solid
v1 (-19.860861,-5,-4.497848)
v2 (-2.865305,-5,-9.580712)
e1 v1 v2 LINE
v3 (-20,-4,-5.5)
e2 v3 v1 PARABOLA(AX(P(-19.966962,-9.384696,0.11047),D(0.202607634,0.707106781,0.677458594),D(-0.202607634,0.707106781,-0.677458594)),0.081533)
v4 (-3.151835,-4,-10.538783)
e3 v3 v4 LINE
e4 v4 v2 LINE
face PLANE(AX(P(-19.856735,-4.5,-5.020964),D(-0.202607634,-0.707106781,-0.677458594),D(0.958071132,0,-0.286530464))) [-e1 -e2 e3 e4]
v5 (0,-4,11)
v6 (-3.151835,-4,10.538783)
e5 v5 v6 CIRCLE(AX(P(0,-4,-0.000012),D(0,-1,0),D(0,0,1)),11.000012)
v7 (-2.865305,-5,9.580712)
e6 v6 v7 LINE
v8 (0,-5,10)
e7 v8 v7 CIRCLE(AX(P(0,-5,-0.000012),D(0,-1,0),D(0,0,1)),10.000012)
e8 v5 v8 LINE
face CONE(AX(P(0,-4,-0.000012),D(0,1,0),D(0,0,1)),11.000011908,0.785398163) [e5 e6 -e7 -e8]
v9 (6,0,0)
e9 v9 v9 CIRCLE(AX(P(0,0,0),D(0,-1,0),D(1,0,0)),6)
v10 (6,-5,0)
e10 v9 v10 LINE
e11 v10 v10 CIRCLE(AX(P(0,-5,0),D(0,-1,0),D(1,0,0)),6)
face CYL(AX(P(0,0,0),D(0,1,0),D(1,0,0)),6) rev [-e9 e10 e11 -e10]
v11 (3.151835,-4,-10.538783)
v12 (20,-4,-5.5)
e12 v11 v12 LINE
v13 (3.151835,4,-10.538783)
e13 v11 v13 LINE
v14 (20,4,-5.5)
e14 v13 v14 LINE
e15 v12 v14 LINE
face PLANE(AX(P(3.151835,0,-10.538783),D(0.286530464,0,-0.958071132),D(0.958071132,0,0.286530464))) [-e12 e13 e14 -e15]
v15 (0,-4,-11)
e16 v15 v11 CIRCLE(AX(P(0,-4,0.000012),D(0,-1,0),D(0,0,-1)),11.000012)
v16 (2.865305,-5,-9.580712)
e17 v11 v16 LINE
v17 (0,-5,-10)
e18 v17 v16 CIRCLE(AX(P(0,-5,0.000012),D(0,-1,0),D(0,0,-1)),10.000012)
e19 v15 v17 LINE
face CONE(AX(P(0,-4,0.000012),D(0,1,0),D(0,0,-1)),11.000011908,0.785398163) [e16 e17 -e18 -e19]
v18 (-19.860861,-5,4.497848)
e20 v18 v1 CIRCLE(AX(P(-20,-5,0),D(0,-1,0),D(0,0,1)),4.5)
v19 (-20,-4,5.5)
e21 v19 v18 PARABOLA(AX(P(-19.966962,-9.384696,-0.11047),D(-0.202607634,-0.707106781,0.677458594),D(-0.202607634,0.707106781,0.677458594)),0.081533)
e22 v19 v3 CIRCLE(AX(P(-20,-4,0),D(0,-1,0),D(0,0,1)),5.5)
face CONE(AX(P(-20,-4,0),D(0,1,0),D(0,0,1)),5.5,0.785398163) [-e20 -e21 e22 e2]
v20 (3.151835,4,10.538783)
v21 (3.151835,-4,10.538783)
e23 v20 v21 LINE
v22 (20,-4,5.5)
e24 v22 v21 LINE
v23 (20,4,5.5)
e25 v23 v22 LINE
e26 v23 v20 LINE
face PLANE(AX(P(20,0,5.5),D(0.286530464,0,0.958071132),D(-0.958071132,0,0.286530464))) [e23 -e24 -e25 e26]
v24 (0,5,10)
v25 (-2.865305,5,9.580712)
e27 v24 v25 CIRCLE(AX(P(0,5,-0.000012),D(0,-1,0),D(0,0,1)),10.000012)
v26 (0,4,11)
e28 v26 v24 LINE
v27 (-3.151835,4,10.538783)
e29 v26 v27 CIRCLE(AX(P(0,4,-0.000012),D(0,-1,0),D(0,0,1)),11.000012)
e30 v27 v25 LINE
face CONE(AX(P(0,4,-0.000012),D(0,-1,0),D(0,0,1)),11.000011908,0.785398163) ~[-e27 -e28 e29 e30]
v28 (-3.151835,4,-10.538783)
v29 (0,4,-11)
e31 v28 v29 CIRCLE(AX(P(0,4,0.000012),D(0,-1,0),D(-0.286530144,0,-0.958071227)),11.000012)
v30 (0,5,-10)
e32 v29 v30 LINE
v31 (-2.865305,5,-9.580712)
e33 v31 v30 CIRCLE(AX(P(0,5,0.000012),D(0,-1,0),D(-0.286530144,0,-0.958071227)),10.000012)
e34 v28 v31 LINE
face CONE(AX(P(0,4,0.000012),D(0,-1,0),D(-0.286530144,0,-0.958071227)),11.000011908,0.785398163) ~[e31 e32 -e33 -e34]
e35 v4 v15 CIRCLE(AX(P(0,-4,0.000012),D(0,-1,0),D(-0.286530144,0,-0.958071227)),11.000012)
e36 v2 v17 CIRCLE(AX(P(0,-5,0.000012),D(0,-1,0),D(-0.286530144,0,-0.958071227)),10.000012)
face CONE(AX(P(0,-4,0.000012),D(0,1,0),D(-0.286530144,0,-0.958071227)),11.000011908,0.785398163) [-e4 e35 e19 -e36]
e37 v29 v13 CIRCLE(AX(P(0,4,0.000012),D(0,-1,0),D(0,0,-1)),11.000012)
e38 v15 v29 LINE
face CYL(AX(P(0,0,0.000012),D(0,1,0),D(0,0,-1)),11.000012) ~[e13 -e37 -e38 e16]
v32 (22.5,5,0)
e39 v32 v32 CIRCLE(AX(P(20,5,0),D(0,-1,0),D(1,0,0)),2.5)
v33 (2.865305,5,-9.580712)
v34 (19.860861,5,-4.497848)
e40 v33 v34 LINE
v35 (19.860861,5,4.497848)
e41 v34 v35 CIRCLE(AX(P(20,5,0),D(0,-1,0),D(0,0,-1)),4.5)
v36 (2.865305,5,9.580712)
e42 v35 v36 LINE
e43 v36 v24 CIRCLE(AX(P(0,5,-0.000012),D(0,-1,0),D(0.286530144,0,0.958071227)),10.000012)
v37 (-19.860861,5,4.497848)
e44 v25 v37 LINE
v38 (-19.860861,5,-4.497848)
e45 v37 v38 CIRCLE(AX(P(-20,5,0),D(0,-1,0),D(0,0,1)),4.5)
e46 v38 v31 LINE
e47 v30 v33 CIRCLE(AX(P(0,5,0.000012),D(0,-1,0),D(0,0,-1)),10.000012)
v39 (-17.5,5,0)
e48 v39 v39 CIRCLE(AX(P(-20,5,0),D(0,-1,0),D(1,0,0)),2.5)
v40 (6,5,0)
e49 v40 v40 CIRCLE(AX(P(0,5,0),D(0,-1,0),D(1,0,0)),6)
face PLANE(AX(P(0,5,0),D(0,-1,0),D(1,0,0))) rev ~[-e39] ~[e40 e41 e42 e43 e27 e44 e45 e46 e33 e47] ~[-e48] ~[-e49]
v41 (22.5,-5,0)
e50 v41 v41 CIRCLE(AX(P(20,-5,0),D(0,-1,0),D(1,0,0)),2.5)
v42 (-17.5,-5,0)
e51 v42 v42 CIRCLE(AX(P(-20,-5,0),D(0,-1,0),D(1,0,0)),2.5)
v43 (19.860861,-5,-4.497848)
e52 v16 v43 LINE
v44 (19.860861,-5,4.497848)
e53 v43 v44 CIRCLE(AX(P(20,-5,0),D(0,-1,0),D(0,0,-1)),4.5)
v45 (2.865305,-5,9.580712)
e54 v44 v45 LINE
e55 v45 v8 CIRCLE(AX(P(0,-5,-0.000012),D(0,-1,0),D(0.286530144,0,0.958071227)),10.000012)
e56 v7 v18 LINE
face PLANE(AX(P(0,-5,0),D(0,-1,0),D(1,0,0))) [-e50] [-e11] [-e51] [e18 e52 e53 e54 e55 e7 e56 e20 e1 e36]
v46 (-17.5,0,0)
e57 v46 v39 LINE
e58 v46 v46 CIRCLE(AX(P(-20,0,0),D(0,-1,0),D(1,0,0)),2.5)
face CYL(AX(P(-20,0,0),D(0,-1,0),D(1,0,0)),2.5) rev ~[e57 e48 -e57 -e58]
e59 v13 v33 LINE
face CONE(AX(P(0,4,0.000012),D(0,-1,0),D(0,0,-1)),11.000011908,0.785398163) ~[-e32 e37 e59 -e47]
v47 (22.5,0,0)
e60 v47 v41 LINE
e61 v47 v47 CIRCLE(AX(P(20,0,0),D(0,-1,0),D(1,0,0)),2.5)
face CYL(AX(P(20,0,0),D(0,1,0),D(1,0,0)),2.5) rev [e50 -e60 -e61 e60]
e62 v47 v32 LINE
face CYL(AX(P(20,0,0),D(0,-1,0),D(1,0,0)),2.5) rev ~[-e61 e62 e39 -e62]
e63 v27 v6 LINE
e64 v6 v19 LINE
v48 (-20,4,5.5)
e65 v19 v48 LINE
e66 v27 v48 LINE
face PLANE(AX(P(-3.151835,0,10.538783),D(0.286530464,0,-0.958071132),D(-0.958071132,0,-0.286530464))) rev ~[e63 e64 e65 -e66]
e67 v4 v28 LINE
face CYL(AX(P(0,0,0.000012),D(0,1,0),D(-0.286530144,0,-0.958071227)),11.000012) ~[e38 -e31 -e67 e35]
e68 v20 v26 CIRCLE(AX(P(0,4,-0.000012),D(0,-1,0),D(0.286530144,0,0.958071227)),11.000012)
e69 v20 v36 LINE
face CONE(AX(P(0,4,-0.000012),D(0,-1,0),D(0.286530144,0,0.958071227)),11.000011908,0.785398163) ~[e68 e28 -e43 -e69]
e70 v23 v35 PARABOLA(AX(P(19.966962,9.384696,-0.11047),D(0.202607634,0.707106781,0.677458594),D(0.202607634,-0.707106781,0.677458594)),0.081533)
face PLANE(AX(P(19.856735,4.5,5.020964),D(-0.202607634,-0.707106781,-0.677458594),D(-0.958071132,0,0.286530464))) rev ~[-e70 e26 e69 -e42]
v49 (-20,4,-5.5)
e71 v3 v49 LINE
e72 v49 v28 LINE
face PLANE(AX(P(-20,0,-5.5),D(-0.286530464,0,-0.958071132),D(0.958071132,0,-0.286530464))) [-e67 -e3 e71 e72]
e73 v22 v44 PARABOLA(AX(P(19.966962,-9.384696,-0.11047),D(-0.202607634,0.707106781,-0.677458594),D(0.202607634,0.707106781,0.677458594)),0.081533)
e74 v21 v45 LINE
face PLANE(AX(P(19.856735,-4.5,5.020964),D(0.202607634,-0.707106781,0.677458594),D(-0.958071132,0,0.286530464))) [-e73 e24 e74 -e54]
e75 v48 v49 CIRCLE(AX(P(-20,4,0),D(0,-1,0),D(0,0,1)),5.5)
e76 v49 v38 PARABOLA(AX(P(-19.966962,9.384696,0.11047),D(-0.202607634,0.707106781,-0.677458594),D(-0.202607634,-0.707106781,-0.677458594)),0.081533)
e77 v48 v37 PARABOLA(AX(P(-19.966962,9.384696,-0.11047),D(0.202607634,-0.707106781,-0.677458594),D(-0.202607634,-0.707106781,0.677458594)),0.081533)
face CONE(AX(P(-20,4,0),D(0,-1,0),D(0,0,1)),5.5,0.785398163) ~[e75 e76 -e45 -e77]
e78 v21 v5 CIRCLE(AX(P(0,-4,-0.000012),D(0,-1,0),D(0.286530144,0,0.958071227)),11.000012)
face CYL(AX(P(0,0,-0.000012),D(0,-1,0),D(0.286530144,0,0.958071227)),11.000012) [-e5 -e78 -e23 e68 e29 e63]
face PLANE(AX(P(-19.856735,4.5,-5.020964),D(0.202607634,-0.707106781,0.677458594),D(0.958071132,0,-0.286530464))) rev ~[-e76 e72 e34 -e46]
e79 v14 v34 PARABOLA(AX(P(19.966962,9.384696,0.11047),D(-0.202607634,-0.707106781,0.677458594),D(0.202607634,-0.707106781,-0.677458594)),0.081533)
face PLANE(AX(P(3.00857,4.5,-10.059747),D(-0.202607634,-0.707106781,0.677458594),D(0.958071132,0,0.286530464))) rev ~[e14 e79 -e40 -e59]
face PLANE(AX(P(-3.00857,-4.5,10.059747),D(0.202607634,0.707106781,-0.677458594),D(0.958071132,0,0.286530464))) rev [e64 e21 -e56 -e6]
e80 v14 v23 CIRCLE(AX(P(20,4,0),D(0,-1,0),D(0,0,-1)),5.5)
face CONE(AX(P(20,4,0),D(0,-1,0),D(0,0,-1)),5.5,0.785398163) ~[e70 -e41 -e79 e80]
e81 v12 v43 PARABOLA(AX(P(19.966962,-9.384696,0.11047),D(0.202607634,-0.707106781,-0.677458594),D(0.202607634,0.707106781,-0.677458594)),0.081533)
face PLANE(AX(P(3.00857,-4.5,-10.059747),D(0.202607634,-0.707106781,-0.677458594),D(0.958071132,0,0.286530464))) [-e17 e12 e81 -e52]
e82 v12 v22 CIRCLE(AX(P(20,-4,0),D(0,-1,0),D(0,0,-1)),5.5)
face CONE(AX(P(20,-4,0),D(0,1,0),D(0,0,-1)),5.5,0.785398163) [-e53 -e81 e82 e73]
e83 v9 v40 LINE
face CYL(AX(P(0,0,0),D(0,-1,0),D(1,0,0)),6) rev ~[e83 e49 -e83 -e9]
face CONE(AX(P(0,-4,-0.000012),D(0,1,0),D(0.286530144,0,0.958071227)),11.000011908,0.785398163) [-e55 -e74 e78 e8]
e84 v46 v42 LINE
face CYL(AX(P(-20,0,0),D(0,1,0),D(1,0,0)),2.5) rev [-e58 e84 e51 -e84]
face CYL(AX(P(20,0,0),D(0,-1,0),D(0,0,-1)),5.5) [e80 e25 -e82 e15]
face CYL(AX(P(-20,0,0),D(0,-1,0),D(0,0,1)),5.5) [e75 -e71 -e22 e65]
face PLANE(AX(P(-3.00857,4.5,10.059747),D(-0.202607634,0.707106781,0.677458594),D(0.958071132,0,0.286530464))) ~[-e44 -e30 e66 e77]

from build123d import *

# Parameters (mm, degrees)
F0_R     = 2.5
F0_R_2   = 6
F1_DEPTH = 5
F2_SIZE  = 1


with BuildPart() as f1:
    # F0 (on Front) → F1 (new body, symmetric)
    with BuildSketch(Plane.XZ):
        with BuildLine():
            ThreePointArc((20, -5.5), (25.5, 0), (20, 5.5))
            Line((20, 5.5), (3.151835, 10.538783))
            ThreePointArc((3.151835, 10.538783), (1.592701, 10.884085), (0, 11))
            ThreePointArc((0, 11), (-1.592701, 10.884085), (-3.151835, 10.538783))
            Line((-3.151835, 10.538783), (-20, 5.5))
            ThreePointArc((-20, 5.5), (-25.5, 0), (-20, -5.5))
            Line((-20, -5.5), (-3.151835, -10.538783))
            ThreePointArc((-3.151835, -10.538783), (-1.592701, -10.884085), (0, -11))
            ThreePointArc((0, -11), (1.592701, -10.884085), (3.151835, -10.538783))
            Line((3.151835, -10.538783), (20, -5.5))
        make_face()
        with Locations((-20, 0)):
            Circle(F0_R, mode=Mode.SUBTRACT)
        Circle(F0_R_2, mode=Mode.SUBTRACT)
        with Locations((20, 0)):
            Circle(F0_R, mode=Mode.SUBTRACT)
    extrude(amount=F1_DEPTH, both=True)

    # F2
    f2_edges = [f1.edges().sort_by_distance(p)[0] for p in [
        (-11.575917, -5, 8.019391),
        (25.5, -5, 0),
        (11.575917, -5, 8.019391),
        (1.592701, -5, 10.884085),
        (-1.592701, -5, 10.884085),
        (11.575917, -5, -8.019391),
        (-25.5, -5, 0),
        (-25.5, 5, 0),
        (25.5, 5, 0),
        (11.575917, 5, 8.019391),
        (-11.575917, 5, 8.019391),
        (-11.575917, 5, -8.019391),
        (11.575917, 5, -8.019391),
    ]]
    chamfer(f2_edges, length=F2_SIZE)


solid = f1.part
